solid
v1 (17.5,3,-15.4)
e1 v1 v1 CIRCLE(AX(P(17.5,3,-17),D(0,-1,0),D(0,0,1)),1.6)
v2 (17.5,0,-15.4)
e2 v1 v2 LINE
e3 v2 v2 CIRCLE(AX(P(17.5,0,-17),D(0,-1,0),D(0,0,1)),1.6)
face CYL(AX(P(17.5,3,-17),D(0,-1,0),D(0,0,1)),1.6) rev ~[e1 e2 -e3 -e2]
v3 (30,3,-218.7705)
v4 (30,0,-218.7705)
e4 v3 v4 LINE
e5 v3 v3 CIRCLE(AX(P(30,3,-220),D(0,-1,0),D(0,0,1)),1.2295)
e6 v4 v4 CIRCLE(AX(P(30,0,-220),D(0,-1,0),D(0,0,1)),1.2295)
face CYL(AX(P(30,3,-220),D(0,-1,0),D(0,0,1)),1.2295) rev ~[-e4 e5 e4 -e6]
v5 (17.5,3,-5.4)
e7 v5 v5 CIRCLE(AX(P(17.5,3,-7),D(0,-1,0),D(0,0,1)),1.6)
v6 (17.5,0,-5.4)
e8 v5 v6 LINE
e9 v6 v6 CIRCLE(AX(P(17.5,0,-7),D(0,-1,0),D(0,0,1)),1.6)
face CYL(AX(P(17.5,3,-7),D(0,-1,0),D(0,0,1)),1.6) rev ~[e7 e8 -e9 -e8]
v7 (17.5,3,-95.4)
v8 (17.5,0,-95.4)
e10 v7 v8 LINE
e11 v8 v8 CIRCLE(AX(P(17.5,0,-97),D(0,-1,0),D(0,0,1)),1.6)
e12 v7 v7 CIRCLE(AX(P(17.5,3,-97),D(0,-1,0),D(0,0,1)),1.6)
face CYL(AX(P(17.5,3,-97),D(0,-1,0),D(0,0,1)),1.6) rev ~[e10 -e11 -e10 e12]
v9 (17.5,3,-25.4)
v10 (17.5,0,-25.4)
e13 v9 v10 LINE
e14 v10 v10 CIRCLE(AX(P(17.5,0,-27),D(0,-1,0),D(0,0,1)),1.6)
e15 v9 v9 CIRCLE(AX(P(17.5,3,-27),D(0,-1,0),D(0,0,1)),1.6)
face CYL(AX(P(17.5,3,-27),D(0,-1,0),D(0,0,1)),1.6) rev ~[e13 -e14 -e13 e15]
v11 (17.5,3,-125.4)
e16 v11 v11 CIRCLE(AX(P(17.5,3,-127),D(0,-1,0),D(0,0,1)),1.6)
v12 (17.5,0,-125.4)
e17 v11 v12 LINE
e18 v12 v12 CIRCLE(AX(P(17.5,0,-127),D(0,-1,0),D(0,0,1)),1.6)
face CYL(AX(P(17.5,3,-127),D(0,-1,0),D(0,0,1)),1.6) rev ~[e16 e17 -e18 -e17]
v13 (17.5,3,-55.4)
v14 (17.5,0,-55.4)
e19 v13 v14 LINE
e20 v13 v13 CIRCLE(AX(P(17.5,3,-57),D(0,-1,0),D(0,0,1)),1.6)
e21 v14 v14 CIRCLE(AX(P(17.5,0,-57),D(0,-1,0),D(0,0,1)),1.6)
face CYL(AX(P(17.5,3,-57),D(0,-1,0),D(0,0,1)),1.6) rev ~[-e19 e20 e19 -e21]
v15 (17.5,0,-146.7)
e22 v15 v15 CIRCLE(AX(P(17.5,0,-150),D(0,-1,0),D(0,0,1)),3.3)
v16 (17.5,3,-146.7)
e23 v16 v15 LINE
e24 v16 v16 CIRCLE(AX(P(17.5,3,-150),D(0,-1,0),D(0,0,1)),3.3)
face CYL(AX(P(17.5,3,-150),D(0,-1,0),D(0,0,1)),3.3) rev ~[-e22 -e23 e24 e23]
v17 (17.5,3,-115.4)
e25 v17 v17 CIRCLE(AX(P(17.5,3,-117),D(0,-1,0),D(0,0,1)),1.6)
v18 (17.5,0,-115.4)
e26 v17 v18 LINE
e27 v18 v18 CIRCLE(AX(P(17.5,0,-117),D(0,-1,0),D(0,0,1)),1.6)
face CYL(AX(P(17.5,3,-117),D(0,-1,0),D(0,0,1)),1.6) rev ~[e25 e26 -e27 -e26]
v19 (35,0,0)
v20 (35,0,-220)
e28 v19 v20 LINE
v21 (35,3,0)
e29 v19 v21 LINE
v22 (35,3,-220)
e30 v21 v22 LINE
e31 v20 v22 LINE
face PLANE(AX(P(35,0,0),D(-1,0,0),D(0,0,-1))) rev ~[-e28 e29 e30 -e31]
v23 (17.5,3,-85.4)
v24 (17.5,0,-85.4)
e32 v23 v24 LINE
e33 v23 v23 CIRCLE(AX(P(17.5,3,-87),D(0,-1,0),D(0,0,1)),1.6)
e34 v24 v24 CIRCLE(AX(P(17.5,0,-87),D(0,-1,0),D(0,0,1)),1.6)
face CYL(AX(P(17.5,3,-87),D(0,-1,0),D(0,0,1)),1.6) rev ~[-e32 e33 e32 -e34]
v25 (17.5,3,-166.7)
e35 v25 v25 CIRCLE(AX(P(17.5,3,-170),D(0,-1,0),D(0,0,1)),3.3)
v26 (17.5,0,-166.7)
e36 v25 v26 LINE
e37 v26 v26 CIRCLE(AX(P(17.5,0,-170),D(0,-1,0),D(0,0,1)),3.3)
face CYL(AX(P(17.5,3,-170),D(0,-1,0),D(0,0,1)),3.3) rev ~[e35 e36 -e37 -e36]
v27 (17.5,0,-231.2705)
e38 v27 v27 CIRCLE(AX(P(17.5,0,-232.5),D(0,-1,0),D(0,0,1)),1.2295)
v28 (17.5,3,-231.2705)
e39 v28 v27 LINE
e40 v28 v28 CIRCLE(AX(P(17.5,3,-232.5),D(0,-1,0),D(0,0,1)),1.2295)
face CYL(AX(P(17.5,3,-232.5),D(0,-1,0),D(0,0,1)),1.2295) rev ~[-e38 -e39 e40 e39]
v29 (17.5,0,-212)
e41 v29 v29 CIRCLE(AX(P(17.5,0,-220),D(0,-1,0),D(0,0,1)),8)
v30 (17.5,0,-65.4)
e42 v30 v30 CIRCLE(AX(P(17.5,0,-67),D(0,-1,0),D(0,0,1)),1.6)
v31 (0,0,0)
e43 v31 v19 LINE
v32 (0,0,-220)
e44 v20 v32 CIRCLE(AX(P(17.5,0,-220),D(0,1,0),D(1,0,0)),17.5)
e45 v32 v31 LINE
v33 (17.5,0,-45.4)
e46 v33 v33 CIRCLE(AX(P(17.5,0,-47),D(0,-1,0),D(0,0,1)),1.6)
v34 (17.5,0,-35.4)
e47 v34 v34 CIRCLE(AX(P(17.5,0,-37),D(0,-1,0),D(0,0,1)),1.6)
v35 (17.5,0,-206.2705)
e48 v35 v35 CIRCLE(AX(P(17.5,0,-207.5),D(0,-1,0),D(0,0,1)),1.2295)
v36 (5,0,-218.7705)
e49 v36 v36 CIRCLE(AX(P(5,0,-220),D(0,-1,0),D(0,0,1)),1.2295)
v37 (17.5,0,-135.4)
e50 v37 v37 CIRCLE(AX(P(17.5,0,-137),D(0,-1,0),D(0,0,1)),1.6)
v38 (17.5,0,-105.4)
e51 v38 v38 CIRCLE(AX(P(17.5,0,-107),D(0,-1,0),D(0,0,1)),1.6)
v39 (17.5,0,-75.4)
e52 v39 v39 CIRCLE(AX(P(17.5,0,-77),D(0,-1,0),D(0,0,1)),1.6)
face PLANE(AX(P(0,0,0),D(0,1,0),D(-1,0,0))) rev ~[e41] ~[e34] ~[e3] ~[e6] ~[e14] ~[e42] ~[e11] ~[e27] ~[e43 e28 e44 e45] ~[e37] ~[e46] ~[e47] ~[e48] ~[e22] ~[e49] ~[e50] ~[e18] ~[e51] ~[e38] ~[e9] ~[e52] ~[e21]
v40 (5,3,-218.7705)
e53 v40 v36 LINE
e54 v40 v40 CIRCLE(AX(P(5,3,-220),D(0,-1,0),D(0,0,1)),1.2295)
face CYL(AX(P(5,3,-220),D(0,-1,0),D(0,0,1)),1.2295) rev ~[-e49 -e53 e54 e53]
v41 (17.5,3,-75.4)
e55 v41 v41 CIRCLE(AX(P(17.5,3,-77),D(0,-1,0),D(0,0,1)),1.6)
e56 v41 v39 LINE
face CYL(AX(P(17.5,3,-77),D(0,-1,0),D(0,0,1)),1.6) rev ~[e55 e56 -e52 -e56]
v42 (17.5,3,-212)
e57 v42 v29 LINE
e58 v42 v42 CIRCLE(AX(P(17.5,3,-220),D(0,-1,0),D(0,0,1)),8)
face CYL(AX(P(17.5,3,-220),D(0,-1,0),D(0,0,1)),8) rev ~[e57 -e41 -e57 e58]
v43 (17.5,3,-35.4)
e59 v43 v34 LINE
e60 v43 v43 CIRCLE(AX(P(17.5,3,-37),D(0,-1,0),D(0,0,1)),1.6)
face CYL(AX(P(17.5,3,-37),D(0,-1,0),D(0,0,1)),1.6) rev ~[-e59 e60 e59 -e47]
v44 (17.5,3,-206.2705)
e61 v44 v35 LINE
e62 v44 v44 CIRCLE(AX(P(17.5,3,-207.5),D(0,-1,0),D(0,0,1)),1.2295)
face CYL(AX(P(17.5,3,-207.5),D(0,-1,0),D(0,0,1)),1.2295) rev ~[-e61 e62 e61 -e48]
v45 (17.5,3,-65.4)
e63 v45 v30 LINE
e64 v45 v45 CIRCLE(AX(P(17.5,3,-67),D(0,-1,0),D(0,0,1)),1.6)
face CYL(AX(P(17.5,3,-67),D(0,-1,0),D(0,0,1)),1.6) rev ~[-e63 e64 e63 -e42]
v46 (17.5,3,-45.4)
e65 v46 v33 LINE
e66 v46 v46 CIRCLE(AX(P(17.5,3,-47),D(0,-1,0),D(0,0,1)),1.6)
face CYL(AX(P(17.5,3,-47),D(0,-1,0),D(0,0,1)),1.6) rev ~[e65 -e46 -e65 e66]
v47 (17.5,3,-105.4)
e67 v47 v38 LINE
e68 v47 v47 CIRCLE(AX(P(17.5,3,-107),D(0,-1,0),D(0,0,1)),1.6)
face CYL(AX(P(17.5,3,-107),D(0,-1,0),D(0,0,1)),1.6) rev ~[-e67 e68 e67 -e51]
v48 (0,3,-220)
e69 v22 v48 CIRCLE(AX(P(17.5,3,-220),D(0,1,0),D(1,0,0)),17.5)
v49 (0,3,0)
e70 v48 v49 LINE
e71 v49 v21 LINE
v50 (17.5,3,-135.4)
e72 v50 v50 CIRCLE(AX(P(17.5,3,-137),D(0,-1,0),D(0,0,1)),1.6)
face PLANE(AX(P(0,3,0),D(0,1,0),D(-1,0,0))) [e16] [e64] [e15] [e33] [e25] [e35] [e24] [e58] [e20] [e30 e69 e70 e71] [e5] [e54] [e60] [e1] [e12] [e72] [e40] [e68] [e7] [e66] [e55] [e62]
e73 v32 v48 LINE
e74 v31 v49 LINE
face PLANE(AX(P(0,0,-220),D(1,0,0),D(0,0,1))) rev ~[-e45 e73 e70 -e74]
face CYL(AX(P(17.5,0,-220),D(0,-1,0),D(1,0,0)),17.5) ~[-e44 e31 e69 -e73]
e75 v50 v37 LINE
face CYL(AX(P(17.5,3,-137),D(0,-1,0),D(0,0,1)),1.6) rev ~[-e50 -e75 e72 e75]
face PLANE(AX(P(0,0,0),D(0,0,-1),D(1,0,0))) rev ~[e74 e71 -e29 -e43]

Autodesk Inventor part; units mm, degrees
ref_plane "YZ Plane" through (0, 0, 0) normal (1, 0, 0) x (0, 1, 0)
ref_plane "XZ Plane" through (0, 0, 0) normal (0, 1, 0) x (-1, 0, 0)
ref_plane "XY Plane" through (0, 0, 0) normal (0, 0, 1) x (1, 0, 0)
sketch "スケッチ1" plane through (0, 0, 0) normal (0, 1, 0) x (-1, 0, 0)
  line L0 (0, 0) -> (-35, 0)
  line L1 (-35, 0) -> (-35, -220)
  line L2 (-35, -220) -> (0, -220)
  line L3 (0, -220) -> (0, 0)
  arc A0 (-35, -220) -> (0, -220) centre (-17.5, -220) ccw
  dimension "d0" = 35
  dimension "d1" = 220
  dimension "d2" = 17.5
extrude "押し出し1" add sketch "スケッチ1" along normal blind 3
sketch "スケッチ2" plane through (0, 3, 0) normal (0, 1, 0) x (1, 0, 0)
  line L0 (0, 0) -> (35, 0) construction
  line L1 (17.5, 0) -> (17.5, 237.5) construction
  arc A0 (35, 220) -> (0, 220) centre (17.5, 220) ccw construction
hole "穴1" at (17.5, 3, -220) direction (0, -1, 0) diameter 16 end through all
sketch "スケッチ3" plane through (0, 3, 0) normal (0, 1, 0) x (1, 0, 0)
  circle A0 centre (17.5, 220) radius 8 projected
  circle A1 centre (17.5, 220) radius 12.5
  point P0 (0, 0)
  point P1 (5, 220)
  point P2 (30, 220)
  point P3 (17.5, 232.5)
  point P4 (17.5, 207.5)
  dimension "d12" = 25
hole "穴2" at (5, 3, -220) at (30, 3, -220) at (17.5, 3, -232.5) at (17.5, 3, -207.5) direction (0, -1, 0) diameter 2.459 end through all thread size "M3x0.5" class "6H" standard "ISO Metric profile"
sketch "スケッチ4" plane through (0, 3, 0) normal (0, 1, 0) x (1, 0, 0)
  line L0 (0, 0) -> (35, 0) construction
  line L1 (17.5, 0) -> (17.5, 237.5) construction
  arc A0 (35, 220) -> (0, 220) centre (17.5, 220) ccw construction
  circle A1 centre (17.5, 220) radius 8 projected
  point P0 (17.5, 137)
  point P1 (17.5, 127)
  point P2 (17.5, 117)
  point P3 (17.5, 107)
  point P4 (17.5, 97)
  point P5 (17.5, 87)
  point P6 (17.5, 77)
  point P7 (17.5, 67)
  point P8 (17.5, 57)
  point P9 (17.5, 47)
  point P10 (17.5, 37)
  point P11 (17.5, 27)
  point P12 (17.5, 17)
  point P13 (17.5, 7)
  dimension "d42" = 83
  dimension "d45" = 10
hole "穴3" at (17.5, 3, -137) at (17.5, 3, -127) at (17.5, 3, -117) at (17.5, 3, -107) at (17.5, 3, -97) at (17.5, 3, -87) at (17.5, 3, -77) at (17.5, 3, -67) at (17.5, 3, -57) at (17.5, 3, -47) at (17.5, 3, -37) at (17.5, 3, -27) at (17.5, 3, -17) at (17.5, 3, -7) direction (0, -1, 0) diameter 3.2 end through all
sketch "スケッチ5" plane through (0, 3, 0) normal (0, 1, 0) x (1, 0, 0)
  line L0 (0, 0) -> (35, 0) construction
  line L1 (17.5, 0) -> (17.5, 237.5) construction
  arc A0 (35, 220) -> (0, 220) centre (17.5, 220) ccw construction
  circle A1 centre (17.5, 137) radius 1.6 construction
  point P0 (17.5, 150)
  point P1 (17.5, 170)
  dimension "d50" = 13
  dimension "d51" = 20
hole "穴4" at (17.5, 3, -150) at (17.5, 3, -170) direction (0, -1, 0) diameter 6.6 end through all
properties part number "shoulder2_upper_plate_left" material "アルミニウム 5052"
